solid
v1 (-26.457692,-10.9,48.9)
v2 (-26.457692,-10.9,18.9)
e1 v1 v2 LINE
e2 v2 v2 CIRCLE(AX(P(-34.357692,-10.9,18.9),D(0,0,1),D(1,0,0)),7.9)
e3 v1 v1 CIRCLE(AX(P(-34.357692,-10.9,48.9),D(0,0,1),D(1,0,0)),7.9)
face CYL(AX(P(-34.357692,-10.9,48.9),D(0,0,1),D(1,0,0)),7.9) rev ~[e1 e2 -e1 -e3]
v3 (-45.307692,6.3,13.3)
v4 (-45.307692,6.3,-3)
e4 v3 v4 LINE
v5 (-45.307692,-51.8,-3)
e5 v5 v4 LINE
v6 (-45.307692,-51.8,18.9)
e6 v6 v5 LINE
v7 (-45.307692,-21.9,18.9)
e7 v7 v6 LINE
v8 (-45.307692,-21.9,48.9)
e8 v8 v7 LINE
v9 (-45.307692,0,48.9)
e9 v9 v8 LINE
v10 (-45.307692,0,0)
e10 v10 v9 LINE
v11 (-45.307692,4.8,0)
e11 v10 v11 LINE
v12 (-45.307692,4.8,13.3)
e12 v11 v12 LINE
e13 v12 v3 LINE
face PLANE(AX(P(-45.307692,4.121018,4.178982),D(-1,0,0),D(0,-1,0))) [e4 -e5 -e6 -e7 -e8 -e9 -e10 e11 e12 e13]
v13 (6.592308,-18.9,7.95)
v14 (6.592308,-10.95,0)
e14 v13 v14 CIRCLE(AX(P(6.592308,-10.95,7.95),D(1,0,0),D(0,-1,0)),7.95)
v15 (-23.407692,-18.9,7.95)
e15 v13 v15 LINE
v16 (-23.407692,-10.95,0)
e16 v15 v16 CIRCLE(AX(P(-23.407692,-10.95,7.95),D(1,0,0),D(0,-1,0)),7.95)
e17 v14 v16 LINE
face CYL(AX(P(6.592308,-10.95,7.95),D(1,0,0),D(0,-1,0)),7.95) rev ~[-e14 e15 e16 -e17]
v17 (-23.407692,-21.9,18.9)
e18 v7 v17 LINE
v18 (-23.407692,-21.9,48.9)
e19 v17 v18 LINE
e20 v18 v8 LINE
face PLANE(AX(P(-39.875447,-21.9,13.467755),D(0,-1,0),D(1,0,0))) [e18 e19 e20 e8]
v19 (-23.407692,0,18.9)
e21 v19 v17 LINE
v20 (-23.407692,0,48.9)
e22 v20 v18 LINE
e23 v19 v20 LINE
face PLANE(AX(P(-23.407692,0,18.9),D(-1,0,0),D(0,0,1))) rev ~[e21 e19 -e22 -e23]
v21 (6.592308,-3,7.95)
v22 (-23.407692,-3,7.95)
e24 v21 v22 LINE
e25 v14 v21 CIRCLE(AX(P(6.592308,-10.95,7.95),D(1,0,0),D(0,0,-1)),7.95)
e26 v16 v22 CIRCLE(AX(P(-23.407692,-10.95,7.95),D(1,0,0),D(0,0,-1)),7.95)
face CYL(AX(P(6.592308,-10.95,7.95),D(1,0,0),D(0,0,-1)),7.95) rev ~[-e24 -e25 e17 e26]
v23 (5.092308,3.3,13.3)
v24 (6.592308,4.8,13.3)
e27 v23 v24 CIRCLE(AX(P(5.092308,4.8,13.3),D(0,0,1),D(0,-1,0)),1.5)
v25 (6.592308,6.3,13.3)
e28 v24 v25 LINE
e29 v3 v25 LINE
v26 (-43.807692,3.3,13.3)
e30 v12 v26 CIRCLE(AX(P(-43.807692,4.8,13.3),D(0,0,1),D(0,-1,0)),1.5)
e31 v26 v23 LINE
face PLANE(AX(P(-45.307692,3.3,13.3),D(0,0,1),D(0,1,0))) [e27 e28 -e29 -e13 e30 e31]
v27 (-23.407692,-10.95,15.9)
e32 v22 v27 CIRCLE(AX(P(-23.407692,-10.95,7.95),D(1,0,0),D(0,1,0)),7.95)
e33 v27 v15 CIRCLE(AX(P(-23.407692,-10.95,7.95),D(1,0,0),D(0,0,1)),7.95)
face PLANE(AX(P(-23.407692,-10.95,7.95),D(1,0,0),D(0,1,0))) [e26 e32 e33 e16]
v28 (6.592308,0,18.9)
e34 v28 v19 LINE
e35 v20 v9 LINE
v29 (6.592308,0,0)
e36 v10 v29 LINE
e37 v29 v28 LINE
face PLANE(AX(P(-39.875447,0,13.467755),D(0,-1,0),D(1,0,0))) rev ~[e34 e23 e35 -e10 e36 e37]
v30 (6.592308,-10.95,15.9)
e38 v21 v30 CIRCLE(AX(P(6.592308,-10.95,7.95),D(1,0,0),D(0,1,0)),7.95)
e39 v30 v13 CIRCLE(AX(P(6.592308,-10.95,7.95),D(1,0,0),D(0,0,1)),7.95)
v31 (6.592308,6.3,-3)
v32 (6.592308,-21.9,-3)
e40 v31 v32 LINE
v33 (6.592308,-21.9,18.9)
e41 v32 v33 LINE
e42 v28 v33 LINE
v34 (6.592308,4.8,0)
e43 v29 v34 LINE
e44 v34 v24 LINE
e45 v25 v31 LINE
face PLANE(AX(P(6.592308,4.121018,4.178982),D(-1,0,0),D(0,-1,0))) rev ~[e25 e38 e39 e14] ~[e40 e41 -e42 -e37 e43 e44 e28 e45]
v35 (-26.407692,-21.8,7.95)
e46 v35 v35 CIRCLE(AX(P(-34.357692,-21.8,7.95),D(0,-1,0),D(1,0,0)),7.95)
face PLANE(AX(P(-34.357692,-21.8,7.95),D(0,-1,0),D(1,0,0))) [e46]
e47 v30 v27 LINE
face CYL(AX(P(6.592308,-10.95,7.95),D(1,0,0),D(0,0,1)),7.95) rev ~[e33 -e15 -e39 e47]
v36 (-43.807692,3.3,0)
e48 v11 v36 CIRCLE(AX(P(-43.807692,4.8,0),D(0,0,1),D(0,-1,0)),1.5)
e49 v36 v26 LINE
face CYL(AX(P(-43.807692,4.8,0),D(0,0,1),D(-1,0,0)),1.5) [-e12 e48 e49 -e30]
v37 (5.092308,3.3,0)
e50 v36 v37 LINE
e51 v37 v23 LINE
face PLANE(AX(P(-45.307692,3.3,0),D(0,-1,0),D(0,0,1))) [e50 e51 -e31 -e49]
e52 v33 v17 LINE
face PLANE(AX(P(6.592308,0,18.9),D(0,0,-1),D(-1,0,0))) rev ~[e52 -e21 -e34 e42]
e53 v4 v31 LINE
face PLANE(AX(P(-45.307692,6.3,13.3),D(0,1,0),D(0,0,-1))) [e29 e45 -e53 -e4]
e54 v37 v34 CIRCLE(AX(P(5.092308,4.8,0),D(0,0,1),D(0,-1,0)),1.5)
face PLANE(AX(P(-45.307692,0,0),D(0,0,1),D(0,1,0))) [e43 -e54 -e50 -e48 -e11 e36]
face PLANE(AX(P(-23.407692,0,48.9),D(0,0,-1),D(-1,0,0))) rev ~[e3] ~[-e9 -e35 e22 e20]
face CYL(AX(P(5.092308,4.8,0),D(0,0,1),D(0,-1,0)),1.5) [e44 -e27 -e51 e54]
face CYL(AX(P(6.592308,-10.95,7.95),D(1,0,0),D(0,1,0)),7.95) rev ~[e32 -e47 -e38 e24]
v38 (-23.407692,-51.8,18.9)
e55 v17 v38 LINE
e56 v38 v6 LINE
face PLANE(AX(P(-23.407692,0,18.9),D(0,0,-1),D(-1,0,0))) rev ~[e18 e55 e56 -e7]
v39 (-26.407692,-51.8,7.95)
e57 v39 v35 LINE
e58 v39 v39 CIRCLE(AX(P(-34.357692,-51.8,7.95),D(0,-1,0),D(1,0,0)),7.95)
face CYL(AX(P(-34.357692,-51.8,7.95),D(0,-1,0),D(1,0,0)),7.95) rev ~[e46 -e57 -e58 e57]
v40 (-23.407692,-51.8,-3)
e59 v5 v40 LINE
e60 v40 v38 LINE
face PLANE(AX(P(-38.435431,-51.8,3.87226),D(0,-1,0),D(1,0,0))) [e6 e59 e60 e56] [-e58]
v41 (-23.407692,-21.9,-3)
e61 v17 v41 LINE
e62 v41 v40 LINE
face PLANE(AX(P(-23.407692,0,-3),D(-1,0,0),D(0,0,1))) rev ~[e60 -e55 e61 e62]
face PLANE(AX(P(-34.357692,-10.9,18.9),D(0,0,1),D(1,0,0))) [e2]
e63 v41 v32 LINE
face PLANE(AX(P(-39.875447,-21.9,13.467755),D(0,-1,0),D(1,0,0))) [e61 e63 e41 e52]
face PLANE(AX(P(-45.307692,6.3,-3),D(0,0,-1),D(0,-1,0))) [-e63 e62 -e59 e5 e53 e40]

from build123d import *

# Parameters (mm, degrees)
F0_W      = 27
F0_H      = 15.9
F0_W_2    = 15.9
F0_H_2    = 27
F0_W_3    = 3
F0_H_3    = 3
F1_DEPTH  = 21.9
F2_DEPTH  = 51.8
F3_R      = 7.95
F6_DEPTH  = 30
F7_DEPTH  = 30
F4_R      = 7.9
F8_DEPTH  = 30
F10_DEPTH = 51.9
F11_R     = 1.5


with BuildPart() as f1:
    # F0 (on Front) → F1 (new body)
    with BuildSketch(Plane.XZ):
        with BuildLine():
            Line((-34.3576915575, 15.9), (-42.3076915575, 15.9))
            Line((-42.3076915575, 15.9), (-42.3076915575, 7.9499999931))
            ThreePointArc((-42.3076915575, 7.9499999931), (-39.9791904704, 13.571498908), (-34.3576915575, 15.9))
        make_face()
        with BuildLine():
            ThreePointArc((-34.3576915575, 15.9), (-39.9791904704, 13.571498908), (-42.3076915575, 7.9499999931))
            ThreePointArc((-42.3076915575, 7.9499999931), (-39.9791904655, 2.3285010871), (-34.3576915575, 0))
            ThreePointArc((-34.3576915575, 0), (-28.7361926471, 2.3285010896), (-26.4076915575, 7.95))
            ThreePointArc((-26.4076915575, 7.95), (-28.7361926471, 13.5714989104), (-34.3576915575, 15.9))
        make_face()
        Polygon((-42.3076915575, 18.9), (-42.3076915575, 45.9), (-26.4076915575, 45.9), (-26.4076915575, 18.9), (-23.4076915575, 18.9), (-23.4076915575, 48.9), (-45.3076915575, 48.9), (-45.3076915575, 18.9), align=None)
        with Locations((-9.9076915575, 7.95)):
            Rectangle(F0_W, F0_H)
        with Locations((-34.3576915575, 32.4)):
            Rectangle(F0_W_2, F0_H_2)
        with BuildLine():
            ThreePointArc((-34.3576915575, 0), (-39.9791904655, 2.3285010871), (-42.3076915575, 7.9499999931))
            Line((-42.3076915575, 7.9499999931), (-42.3076915575, 0))
            Line((-42.3076915575, 0), (-34.3576915575, 0))
        make_face()
        with BuildLine():
            Line((-26.4076915575, 0), (-26.4076915575, 7.95))
            ThreePointArc((-26.4076915575, 7.95), (-28.7361926471, 2.3285010896), (-34.3576915575, 0))
            Line((-34.3576915575, 0), (-26.4076915575, 0))
        make_face()
        with BuildLine():
            Line((-26.4076915575, 7.95), (-26.4076915575, 15.9))
            Line((-26.4076915575, 15.9), (-34.3576915575, 15.9))
            ThreePointArc((-34.3576915575, 15.9), (-28.7361926471, 13.5714989104), (-26.4076915575, 7.95))
        make_face()
        Polygon((6.5923084425, 18.9), (-23.4076915575, 18.9), (-23.4076915575, 15.9), (3.5923084425, 15.9), (3.5923084425, 0), (-23.4076915575, 0), (-23.4076915575, -3), (6.5923084425, -3), align=None)
        Polygon((-26.4076915575, 18.9), (-42.3076915575, 18.9), (-42.3076915575, 15.9), (-34.3576915575, 15.9), (-26.4076915575, 15.9), align=None)
        Polygon((-23.4076915575, 15.9), (-26.4076915575, 15.9), (-26.4076915575, 7.95), (-26.4076915575, 0), (-23.4076915575, 0), align=None)
        Polygon((-42.3076915575, 15.9), (-42.3076915575, 18.9), (-45.3076915575, 18.9), (-45.3076915575, -3), (-23.4076915575, -3), (-23.4076915575, 0), (-26.4076915575, 0), (-34.3576915575, 0), (-42.3076915575, 0), (-42.3076915575, 7.9499999931), align=None)
        with Locations((-24.9076915575, 17.4)):
            Rectangle(F0_W_3, F0_H_3)
    extrude(amount=F1_DEPTH)

    # F0 (on Front) → F2 (join)
    with BuildSketch(Plane.XZ):
        Polygon((-42.3076915575, 15.9), (-42.3076915575, 18.9), (-45.3076915575, 18.9), (-45.3076915575, -3), (-23.4076915575, -3), (-23.4076915575, 0), (-26.4076915575, 0), (-34.3576915575, 0), (-42.3076915575, 0), (-42.3076915575, 7.9499999931), align=None)
        with BuildLine():
            ThreePointArc((-34.3576915575, 15.9), (-39.9791904704, 13.571498908), (-42.3076915575, 7.9499999931))
            ThreePointArc((-42.3076915575, 7.9499999931), (-39.9791904655, 2.3285010871), (-34.3576915575, 0))
            ThreePointArc((-34.3576915575, 0), (-28.7361926471, 2.3285010896), (-26.4076915575, 7.95))
            ThreePointArc((-26.4076915575, 7.95), (-28.7361926471, 13.5714989104), (-34.3576915575, 15.9))
        make_face()
        Polygon((-26.4076915575, 18.9), (-42.3076915575, 18.9), (-42.3076915575, 15.9), (-34.3576915575, 15.9), (-26.4076915575, 15.9), align=None)
        Polygon((-23.4076915575, 15.9), (-26.4076915575, 15.9), (-26.4076915575, 7.95), (-26.4076915575, 0), (-23.4076915575, 0), align=None)
        with Locations((-24.9076915575, 17.4)):
            Rectangle(F0_W_3, F0_H_3)
        with BuildLine():
            Line((-26.4076915575, 7.95), (-26.4076915575, 15.9))
            Line((-26.4076915575, 15.9), (-34.3576915575, 15.9))
            ThreePointArc((-34.3576915575, 15.9), (-28.7361926471, 13.5714989104), (-26.4076915575, 7.95))
        make_face()
        with BuildLine():
            Line((-34.3576915575, 15.9), (-42.3076915575, 15.9))
            Line((-42.3076915575, 15.9), (-42.3076915575, 7.9499999931))
            ThreePointArc((-42.3076915575, 7.9499999931), (-39.9791904704, 13.571498908), (-34.3576915575, 15.9))
        make_face()
        with BuildLine():
            ThreePointArc((-34.3576915575, 0), (-39.9791904655, 2.3285010871), (-42.3076915575, 7.9499999931))
            Line((-42.3076915575, 7.9499999931), (-42.3076915575, 0))
            Line((-42.3076915575, 0), (-34.3576915575, 0))
        make_face()
        with BuildLine():
            Line((-26.4076915575, 0), (-26.4076915575, 7.95))
            ThreePointArc((-26.4076915575, 7.95), (-28.7361926471, 2.3285010896), (-34.3576915575, 0))
            Line((-34.3576915575, 0), (-26.4076915575, 0))
        make_face()
    extrude(amount=F2_DEPTH)

    # F3 (on face) → F6 (cut)
    with BuildSketch(Plane.XZ.offset(51.8)):
        with Locations((-34.3576915575, 7.95)):
            Circle(F3_R)
    extrude(amount=-F6_DEPTH, mode=Mode.SUBTRACT)

    # F5 (on face) → F7 (cut)
    with BuildSketch(Plane.YZ.offset(6.5923084425)):
        with BuildLine():
            ThreePointArc((-3, 7.95), (-5.3285010896, 13.5714989104), (-10.95, 15.9))
            ThreePointArc((-10.95, 15.9), (-16.5714989104, 13.5714989104), (-18.9, 7.95))
            ThreePointArc((-18.9, 7.95), (-16.5714989104, 2.3285010896), (-10.95, 0))
            ThreePointArc((-10.95, 0), (-5.3285010896, 2.3285010896), (-3, 7.95))
        make_face()
    extrude(amount=-F7_DEPTH, mode=Mode.SUBTRACT)

    # F4 (on face) → F8 (cut)
    with BuildSketch(Plane.XY.offset(48.9)):
        with Locations((-34.3576915575, -10.9)):
            Circle(F4_R)
    extrude(amount=-F8_DEPTH, mode=Mode.SUBTRACT)

    # F9 (on face) → F10 (join)
    with BuildSketch(Plane(origin=(-45.3076915575, 0, 0), x_dir=(0, -1, 0), z_dir=(-1, 0, 0))):
        Polygon((-6.3, -3), (0, -3), (0, 0), (-3.3, 0), (-3.3, 13.3), (-6.3, 13.3), align=None)
    extrude(amount=-F10_DEPTH)

    # F11
    f11_edges = [f1.edges().sort_by_distance(p)[0] for p in [
        (-45.307692, 3.3, 6.65),
        (6.592308, 3.3, 6.65),
    ]]
    fillet(f11_edges, radius=F11_R)


solid = f1.part
